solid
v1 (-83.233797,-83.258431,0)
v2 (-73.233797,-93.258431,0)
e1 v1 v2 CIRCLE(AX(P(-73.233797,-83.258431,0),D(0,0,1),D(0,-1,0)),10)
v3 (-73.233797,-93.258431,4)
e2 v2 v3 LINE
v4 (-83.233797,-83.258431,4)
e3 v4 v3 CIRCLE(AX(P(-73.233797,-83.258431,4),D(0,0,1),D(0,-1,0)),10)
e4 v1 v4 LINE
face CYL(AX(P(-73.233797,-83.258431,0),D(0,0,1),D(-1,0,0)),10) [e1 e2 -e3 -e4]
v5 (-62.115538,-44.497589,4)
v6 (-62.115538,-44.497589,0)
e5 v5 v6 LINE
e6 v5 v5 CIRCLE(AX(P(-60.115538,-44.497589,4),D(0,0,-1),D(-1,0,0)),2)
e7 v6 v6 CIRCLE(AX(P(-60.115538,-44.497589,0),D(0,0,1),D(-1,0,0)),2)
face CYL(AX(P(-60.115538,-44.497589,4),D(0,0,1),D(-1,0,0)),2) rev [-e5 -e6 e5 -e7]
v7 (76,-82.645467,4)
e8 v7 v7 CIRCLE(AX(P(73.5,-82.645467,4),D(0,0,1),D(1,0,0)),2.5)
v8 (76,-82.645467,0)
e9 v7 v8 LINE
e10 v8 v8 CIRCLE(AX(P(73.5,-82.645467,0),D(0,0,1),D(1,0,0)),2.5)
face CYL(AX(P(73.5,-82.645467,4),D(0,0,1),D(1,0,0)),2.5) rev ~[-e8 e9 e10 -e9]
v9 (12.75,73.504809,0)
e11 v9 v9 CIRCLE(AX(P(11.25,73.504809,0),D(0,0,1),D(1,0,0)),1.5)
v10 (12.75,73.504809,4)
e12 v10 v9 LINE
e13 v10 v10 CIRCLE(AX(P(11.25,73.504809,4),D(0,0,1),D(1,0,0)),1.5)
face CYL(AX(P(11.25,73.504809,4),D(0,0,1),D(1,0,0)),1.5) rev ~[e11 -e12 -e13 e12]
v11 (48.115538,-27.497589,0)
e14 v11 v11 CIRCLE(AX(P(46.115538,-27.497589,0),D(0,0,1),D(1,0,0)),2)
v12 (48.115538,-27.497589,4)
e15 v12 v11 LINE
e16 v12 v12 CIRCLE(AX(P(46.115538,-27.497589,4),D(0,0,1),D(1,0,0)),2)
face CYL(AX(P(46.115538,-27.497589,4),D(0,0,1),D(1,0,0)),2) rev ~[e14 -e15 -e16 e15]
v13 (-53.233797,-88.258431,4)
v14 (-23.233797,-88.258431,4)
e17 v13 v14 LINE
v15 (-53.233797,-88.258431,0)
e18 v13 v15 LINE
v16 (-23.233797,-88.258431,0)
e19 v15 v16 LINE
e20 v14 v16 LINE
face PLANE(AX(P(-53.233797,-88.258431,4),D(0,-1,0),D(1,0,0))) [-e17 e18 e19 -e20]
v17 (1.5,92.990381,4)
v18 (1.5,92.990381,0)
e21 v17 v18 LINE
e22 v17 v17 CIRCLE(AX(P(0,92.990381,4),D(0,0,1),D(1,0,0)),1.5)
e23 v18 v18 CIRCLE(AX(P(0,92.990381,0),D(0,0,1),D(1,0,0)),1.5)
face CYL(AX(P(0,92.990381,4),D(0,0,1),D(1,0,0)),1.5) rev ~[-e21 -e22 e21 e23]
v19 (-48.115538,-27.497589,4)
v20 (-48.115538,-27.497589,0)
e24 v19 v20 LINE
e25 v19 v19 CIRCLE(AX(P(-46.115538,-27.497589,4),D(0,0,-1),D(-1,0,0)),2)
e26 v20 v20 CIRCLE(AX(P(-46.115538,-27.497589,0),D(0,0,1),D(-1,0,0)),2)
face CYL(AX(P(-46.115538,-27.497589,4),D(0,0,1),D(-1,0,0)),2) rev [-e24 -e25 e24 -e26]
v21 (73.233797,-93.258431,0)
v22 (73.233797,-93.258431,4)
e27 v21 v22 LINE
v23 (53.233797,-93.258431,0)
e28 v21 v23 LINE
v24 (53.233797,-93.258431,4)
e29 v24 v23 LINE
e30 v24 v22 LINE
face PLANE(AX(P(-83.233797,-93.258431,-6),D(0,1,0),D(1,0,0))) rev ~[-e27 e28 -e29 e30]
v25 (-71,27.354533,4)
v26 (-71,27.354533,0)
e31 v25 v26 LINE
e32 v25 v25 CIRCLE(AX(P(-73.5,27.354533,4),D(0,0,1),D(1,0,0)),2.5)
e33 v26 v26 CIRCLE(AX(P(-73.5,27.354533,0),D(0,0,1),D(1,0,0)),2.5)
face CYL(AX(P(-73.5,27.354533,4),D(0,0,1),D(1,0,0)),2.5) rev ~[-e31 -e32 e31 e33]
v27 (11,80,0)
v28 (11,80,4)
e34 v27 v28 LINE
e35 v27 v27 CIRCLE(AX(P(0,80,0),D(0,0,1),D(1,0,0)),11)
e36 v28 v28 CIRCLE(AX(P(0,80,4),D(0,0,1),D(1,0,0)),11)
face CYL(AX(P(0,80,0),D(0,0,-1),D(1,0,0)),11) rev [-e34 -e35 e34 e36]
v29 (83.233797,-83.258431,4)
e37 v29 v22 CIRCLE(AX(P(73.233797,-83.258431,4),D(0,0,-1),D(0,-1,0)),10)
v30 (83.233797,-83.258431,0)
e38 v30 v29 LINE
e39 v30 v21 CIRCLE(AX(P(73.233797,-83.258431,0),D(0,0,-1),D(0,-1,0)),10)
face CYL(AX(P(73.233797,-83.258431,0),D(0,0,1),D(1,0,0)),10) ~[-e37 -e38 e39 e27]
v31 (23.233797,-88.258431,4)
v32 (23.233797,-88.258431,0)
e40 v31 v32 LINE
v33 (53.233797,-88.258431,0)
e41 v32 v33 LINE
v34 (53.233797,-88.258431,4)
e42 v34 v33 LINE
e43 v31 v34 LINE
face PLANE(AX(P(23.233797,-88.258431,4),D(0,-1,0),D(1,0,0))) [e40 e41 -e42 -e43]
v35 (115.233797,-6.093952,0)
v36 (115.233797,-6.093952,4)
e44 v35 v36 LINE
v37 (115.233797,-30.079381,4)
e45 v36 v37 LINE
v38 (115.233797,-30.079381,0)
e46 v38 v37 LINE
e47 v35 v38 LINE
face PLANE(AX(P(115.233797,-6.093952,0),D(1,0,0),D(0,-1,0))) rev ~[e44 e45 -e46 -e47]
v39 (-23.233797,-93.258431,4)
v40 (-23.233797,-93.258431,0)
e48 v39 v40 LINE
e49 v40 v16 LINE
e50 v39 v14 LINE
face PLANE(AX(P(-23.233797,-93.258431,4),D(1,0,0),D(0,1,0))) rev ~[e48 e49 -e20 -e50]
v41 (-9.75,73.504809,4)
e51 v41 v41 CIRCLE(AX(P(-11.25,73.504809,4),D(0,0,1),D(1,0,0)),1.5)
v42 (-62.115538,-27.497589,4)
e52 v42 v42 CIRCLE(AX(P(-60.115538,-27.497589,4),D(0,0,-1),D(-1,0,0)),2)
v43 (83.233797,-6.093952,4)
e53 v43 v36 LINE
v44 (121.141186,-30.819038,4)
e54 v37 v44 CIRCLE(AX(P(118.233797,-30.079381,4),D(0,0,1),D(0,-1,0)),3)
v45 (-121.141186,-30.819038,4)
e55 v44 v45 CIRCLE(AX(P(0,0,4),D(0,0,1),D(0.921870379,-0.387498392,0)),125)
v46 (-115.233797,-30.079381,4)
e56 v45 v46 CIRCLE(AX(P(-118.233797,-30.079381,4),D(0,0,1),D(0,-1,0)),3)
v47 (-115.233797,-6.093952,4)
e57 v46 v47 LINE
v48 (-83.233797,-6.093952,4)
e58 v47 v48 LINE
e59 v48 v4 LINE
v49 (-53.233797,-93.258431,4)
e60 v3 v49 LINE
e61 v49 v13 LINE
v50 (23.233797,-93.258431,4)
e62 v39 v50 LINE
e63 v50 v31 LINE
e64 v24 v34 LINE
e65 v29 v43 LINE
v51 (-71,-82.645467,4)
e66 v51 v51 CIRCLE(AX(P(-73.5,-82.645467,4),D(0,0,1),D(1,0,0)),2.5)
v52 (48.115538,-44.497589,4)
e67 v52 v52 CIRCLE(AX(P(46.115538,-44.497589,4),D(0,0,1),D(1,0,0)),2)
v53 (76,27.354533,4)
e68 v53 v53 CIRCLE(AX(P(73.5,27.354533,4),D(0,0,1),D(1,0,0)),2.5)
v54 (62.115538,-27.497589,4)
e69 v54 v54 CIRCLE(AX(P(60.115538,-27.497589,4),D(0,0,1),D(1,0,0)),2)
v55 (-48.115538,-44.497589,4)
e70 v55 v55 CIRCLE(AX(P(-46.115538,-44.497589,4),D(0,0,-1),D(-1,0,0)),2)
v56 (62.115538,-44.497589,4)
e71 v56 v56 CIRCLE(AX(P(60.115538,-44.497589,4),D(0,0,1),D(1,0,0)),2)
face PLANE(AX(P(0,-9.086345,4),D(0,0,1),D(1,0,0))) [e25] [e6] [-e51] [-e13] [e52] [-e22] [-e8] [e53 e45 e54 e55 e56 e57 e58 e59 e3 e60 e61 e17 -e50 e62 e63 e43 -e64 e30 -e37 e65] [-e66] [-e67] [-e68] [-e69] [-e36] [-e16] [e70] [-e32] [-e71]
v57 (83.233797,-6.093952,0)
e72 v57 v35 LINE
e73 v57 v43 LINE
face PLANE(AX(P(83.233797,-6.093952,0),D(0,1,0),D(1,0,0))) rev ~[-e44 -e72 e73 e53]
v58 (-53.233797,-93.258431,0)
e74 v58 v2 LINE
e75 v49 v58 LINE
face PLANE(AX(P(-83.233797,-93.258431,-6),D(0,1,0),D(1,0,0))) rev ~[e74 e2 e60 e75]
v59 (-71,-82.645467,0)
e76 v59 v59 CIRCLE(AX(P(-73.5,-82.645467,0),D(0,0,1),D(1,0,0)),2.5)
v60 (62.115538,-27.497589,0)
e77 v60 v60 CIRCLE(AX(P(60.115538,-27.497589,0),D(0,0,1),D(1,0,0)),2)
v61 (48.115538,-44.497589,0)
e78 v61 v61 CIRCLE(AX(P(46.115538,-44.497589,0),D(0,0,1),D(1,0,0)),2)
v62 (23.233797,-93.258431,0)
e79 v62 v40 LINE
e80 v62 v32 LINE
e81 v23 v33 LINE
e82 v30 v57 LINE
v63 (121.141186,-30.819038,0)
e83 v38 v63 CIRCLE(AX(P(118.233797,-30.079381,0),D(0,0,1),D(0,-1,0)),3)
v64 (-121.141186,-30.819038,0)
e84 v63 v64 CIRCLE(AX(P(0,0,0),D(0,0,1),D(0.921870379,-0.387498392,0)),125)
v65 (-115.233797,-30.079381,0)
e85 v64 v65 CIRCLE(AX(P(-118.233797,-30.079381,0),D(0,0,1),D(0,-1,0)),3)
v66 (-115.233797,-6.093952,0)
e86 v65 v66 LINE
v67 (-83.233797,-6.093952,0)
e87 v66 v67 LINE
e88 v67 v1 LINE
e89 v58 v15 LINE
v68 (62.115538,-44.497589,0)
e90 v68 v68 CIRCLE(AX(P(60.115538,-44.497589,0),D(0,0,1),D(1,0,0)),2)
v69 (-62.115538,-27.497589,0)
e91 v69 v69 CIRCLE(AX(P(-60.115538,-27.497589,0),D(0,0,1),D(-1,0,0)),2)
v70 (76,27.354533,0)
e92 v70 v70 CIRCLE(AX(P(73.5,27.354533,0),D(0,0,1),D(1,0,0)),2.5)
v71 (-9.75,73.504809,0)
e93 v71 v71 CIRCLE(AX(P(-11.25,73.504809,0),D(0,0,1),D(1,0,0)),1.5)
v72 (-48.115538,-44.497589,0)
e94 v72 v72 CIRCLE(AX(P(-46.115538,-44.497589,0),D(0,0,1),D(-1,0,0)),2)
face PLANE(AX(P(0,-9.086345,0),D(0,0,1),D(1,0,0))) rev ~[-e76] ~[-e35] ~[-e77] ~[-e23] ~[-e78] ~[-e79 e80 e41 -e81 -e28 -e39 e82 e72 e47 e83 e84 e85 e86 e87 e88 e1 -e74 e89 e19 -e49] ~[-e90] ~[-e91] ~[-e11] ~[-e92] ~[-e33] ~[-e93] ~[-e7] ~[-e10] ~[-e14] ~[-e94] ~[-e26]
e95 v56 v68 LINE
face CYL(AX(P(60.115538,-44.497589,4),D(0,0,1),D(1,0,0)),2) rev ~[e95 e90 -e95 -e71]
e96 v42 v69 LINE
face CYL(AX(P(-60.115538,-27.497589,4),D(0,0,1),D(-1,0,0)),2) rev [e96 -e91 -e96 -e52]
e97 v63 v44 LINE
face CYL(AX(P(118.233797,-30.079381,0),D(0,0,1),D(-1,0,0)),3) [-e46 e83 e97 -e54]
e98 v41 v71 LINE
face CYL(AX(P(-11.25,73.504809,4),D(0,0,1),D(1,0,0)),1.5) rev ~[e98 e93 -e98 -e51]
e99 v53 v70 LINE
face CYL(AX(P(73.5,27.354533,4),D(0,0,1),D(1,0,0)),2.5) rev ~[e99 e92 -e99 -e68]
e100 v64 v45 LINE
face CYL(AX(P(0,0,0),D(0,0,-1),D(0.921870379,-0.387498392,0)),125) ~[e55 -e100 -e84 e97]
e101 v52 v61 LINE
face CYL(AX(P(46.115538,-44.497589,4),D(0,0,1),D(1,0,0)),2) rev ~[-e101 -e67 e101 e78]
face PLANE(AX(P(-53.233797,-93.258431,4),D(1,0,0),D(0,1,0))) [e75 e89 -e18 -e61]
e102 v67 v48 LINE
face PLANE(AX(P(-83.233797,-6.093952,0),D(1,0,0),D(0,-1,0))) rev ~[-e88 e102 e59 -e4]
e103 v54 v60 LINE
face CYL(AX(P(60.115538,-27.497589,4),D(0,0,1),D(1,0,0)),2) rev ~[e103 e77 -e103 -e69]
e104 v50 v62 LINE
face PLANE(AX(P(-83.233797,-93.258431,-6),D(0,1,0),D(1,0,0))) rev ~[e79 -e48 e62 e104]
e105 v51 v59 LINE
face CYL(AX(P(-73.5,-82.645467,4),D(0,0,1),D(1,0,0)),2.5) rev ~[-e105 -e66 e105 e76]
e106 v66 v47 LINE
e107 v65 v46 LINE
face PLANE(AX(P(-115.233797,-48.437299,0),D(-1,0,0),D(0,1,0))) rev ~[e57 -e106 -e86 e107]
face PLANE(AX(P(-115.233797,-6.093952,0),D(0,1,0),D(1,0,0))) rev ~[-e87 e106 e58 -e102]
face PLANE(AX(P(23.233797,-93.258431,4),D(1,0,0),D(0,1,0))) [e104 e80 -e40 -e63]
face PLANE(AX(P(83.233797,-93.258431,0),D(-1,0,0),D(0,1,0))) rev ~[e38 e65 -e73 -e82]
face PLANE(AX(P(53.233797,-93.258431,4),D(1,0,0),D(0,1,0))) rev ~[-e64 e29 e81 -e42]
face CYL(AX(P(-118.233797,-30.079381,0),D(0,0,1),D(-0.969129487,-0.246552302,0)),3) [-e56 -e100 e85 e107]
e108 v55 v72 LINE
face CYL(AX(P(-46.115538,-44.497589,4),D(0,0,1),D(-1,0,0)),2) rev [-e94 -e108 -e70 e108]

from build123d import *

# Parameters (mm, degrees)
SKETCH1_R           = 11
BOSS_EXTRUDE1_DEPTH = 4
SKETCH2_R           = 1.5
CUT_EXTRUDE1_DEPTH  = 10
CUT_EXTRUDE2_START  = -10
CUT_EXTRUDE2_DEPTH  = 10
FILLET1_R           = 10
FILLET3_R           = 3
SKETCH5_W           = 30
SKETCH5_H           = 5
CUT_EXTRUDE4_DEPTH  = 10
SKETCH6_R           = 2.5
CUT_EXTRUDE5_DEPTH  = 177.821944339
SKETCH8_R           = 2
CUT_EXTRUDE7_DEPTH  = 177.821944339


with BuildPart() as part:
    # Sketch1 → Boss-Extrude1 (new body)
    with BuildSketch(Plane.XY):
        with BuildLine():
            Line((-115.233797414, -48.437298991), (-115.233797414, -6.093952298))
            Line((-115.233797414, -6.093952298), (-83.233797414, -6.093952298))
            Line((-83.233797414, -6.093952298), (-83.233797414, -93.258431083))
            ThreePointArc((-83.233797414, -93.258431083), (0, -125), (83.233797414, -93.258431083))
            Line((83.233797414, -93.258431083), (83.233797414, -6.093952298))
            Line((83.233797414, -6.093952298), (115.233797414, -6.093952298))
            Line((115.233797414, -6.093952298), (115.233797414, -48.437298991))
            ThreePointArc((115.233797414, -48.437298991), (0, 125), (-115.233797414, -48.437298991))
        make_face()
        with Locations((0, 80)):
            Circle(SKETCH1_R, mode=Mode.SUBTRACT)
    extrude(amount=BOSS_EXTRUDE1_DEPTH)

    # Sketch2 → Cut-Extrude1 (cut)
    with BuildSketch(Plane.XY.offset(4)):
        with Locations((0, 92.990381057)):
            Circle(SKETCH2_R)
        with Locations((11.25, 73.504809472)):
            Circle(SKETCH2_R)
        with Locations((-11.25, 73.504809472)):
            Circle(SKETCH2_R)
    extrude(amount=-CUT_EXTRUDE1_DEPTH, mode=Mode.SUBTRACT)

    # Sketch3 → Cut-Extrude2 (cut)
    with BuildSketch(Plane.XY.offset(4).offset(CUT_EXTRUDE2_START)):
        with BuildLine():
            Line((-83.233797414, -93.258431083), (83.233797414, -93.258431083))
            ThreePointArc((83.233797414, -93.258431083), (0, -125), (-83.233797414, -93.258431083))
        make_face()
    extrude(amount=CUT_EXTRUDE2_DEPTH, mode=Mode.SUBTRACT)

    # Fillet1
    fillet1_edges = [part.edges().sort_by_distance(p)[0] for p in [
        (83.233797414, -93.258431083, 2),
        (-83.233797414, -93.258431083, 2),
    ]]
    fillet(fillet1_edges, radius=FILLET1_R)

    # Fillet3
    fillet3_edges = [part.edges().sort_by_distance(p)[0] for p in [
        (115.233797414, -48.437298991, 2),
        (-115.233797414, -48.437298991, 2),
    ]]
    fillet(fillet3_edges, radius=FILLET3_R)

    # Sketch5 → Cut-Extrude4 (cut)
    with BuildSketch(Plane.XY.offset(4)):
        with Locations((38.233797414, -90.758431083)):
            Rectangle(SKETCH5_W, SKETCH5_H)
        with Locations((-38.233797414, -90.758431083)):
            Rectangle(SKETCH5_W, SKETCH5_H)
    extrude(amount=-CUT_EXTRUDE4_DEPTH, mode=Mode.SUBTRACT)

    # Sketch6 → Cut-Extrude5 (cut, through all)
    with BuildSketch(Plane.XY.offset(4)):
        with Locations((-73.5, -82.645466924)):
            Circle(SKETCH6_R)
        with Locations((73.5, -82.645466924)):
            Circle(SKETCH6_R)
        with Locations((73.5, 27.354533076)):
            Circle(SKETCH6_R)
        with Locations((-73.5, 27.354533076)):
            Circle(SKETCH6_R)
    extrude(amount=-CUT_EXTRUDE5_DEPTH, mode=Mode.SUBTRACT)

    # Sketch8 → Cut-Extrude7 (cut, through all)
    with BuildSketch(Plane.XY.offset(4)):
        with Locations((46.115537646, -27.497588789)):
            Circle(SKETCH8_R)
        with Locations((46.115537646, -44.497588789)):
            Circle(SKETCH8_R)
        with Locations((60.115537646, -44.497588789)):
            Circle(SKETCH8_R)
        with Locations((60.115537646, -27.497588789)):
            Circle(SKETCH8_R)
    cut_extrude7 = extrude(amount=-CUT_EXTRUDE7_DEPTH, mode=Mode.SUBTRACT)

    # Mirror2: Cut-Extrude7 across plane
    add(cut_extrude7.mirror(Plane.ZY), mode=Mode.SUBTRACT)


solid = part.part
